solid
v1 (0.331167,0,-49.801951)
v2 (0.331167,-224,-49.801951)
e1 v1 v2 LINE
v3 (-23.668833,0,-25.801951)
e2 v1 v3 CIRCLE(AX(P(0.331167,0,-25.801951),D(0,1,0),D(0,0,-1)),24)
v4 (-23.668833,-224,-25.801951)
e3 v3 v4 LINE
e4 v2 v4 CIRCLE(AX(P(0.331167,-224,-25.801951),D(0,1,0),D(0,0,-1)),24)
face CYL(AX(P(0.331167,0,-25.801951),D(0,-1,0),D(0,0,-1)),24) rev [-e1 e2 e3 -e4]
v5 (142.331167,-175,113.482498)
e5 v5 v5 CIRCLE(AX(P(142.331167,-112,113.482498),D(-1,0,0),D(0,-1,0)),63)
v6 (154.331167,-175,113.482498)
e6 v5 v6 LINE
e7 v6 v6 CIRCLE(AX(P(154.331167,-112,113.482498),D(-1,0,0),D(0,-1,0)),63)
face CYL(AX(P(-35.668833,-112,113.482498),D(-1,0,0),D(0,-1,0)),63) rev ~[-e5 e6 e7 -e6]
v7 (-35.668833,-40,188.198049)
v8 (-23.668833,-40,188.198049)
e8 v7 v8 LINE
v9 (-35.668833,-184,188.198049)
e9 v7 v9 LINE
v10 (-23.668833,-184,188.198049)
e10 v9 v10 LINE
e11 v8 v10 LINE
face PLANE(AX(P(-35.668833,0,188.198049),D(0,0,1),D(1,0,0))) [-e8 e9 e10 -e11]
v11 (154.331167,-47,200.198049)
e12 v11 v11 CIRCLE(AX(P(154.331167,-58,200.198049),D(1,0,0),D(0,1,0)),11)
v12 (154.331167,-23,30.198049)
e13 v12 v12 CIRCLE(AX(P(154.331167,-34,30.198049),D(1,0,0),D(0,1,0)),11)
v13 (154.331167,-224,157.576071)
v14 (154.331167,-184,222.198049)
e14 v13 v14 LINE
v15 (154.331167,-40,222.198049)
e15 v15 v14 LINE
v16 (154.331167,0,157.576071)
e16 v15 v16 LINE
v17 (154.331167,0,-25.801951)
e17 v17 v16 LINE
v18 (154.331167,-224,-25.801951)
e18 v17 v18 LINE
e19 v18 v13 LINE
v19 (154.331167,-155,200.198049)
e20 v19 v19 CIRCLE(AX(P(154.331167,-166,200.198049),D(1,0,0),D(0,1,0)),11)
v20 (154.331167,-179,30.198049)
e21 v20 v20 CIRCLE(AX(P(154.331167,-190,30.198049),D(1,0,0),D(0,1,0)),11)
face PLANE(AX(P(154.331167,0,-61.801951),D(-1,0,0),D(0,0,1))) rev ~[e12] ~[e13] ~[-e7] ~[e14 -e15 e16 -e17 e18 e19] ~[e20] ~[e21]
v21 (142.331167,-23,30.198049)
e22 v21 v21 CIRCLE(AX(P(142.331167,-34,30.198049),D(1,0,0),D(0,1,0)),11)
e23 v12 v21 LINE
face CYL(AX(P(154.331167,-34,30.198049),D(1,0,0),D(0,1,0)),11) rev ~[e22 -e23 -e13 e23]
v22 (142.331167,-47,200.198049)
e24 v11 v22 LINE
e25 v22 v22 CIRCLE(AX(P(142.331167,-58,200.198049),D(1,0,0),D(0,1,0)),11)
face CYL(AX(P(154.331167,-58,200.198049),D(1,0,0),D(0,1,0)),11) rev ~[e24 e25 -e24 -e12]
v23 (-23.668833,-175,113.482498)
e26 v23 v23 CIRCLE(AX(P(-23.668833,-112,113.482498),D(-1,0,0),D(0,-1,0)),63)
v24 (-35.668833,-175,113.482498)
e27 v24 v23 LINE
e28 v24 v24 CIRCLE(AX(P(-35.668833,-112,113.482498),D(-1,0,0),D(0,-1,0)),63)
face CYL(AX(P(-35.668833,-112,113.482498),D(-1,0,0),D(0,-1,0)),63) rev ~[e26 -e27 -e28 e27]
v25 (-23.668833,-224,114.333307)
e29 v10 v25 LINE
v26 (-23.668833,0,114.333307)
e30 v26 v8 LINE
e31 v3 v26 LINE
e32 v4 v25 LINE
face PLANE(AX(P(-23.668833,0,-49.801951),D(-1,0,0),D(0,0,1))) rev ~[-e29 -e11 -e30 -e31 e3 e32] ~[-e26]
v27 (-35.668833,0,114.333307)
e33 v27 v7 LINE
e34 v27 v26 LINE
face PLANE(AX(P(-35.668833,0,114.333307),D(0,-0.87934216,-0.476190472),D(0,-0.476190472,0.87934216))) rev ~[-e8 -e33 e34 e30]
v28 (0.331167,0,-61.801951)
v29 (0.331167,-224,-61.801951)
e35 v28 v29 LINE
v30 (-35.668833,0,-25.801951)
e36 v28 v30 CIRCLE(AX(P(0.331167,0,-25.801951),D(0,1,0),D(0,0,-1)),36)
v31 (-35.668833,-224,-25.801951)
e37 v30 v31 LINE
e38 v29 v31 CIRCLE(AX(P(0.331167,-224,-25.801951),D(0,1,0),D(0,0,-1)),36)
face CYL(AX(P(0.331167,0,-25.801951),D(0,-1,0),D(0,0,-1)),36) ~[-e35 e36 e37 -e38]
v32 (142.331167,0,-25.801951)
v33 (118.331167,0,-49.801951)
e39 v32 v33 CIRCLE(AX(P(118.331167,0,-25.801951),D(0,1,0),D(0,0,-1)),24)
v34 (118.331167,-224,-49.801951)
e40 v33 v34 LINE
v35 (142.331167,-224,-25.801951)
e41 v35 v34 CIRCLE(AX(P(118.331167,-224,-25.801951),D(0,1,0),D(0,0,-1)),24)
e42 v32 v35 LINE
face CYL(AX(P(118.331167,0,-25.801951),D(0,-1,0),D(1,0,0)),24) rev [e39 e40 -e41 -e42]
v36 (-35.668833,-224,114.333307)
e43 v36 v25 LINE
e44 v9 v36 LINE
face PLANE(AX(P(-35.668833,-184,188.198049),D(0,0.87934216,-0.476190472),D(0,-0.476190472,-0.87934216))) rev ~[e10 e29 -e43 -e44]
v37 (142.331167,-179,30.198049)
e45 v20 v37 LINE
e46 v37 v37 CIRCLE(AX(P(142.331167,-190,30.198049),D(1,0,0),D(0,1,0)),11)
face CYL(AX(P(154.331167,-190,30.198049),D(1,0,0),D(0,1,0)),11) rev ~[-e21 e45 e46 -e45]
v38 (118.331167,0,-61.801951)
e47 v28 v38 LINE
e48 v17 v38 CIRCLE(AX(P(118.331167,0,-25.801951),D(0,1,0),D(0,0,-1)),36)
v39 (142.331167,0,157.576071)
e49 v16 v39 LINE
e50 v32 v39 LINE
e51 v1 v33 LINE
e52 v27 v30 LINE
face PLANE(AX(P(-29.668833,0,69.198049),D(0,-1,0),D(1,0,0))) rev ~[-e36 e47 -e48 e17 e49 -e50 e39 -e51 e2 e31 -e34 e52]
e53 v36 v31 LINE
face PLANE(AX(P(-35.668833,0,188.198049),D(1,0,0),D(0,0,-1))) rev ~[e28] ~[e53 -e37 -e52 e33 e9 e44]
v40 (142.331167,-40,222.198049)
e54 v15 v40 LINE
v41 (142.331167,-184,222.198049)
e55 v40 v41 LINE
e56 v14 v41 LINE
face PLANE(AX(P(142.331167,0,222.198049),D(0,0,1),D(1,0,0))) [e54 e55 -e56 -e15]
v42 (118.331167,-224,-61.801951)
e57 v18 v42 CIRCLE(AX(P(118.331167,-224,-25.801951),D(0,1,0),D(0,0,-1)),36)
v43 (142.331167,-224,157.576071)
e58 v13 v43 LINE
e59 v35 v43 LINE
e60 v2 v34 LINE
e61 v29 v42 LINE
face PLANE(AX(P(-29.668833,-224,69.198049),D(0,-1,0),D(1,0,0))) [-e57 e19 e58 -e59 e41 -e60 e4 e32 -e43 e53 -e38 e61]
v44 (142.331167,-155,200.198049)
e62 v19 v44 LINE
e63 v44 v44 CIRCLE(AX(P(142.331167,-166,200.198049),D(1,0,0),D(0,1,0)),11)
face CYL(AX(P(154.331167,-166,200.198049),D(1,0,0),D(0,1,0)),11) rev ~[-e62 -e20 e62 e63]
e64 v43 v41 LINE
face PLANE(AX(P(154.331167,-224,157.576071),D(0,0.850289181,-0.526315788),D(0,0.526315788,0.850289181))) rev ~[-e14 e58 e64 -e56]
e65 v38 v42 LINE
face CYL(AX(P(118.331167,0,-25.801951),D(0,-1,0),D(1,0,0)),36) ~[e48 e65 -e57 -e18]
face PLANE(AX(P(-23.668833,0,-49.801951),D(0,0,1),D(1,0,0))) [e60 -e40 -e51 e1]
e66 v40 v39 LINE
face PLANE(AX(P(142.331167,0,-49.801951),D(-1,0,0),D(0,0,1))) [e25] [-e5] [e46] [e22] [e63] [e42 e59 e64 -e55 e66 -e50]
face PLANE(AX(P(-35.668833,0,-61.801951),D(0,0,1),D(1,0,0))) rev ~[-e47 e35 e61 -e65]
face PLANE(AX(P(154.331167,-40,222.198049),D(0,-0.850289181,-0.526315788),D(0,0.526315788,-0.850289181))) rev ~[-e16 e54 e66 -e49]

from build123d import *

# Parameters (mm, degrees)
F0_W      = 12
F0_H      = 238
F0_H_2    = 12
F0_W_2    = 166
F0_H_3    = 272
F1_DEPTH  = 224
F2_R      = 24
F3_R      = 36
F5_DEPTH  = 12
F7_DEPTH  = 12
F8_R      = 63
F9_DEPTH  = 190
F10_R     = 11
F11_DEPTH = 25


with BuildPart() as f1:
    # F0 (on Front) → F1 (new body)
    with BuildSketch(Plane.XZ):
        with Locations((-29.668833, 69.198049)):
            Rectangle(F0_W, F0_H)
        with Locations((-29.668833, -55.801951)):
            Rectangle(F0_W, F0_H_2)
        with Locations((59.331167, -55.801951)):
            Rectangle(F0_W_2, F0_H_2)
        with Locations((148.331167, 86.198049)):
            Rectangle(F0_W, F0_H_3)
        with Locations((148.331167, -55.801951)):
            Rectangle(F0_W, F0_H_2)
    extrude(amount=F1_DEPTH)

    # F2
    f2_edges = [f1.edges().sort_by_distance(p)[0] for p in [
        (-23.668833, -112, -49.801951),
        (142.331167, -112, -49.801951),
    ]]
    fillet(f2_edges, radius=F2_R)

    # F3
    f3_edges = [f1.edges().sort_by_distance(p)[0] for p in [
        (154.331167, -112, -61.801951),
        (-35.668833, -112, -61.801951),
    ]]
    fillet(f3_edges, radius=F3_R)

    # F4 (on face) → F5 (cut)
    with BuildSketch(Plane(origin=(-35.668833, 0, 0), x_dir=(0, -1, 0), z_dir=(-1, 0, 0))):
        Polygon((0, 114.333307), (40, 188.198049), (0, 188.198049), align=None)
        Polygon((224, 188.198049), (184, 188.198049), (224, 114.333307), align=None)
    extrude(amount=-F5_DEPTH, mode=Mode.SUBTRACT)

    # F6 (on face) → F7 (cut)
    with BuildSketch(Plane.YZ.offset(154.331167)):
        Polygon((-224, 222.198049), (-224, 157.576071), (-184, 222.198049), align=None)
        Polygon((0, 222.198049), (-40, 222.198049), (0, 157.576071), align=None)
    extrude(amount=-F7_DEPTH, mode=Mode.SUBTRACT)

    # F8 (on face) → F9 (cut)
    with BuildSketch(Plane(origin=(-35.668833, 0, 0), x_dir=(0, -1, 0), z_dir=(-1, 0, 0))):
        with Locations((112, 113.482498)):
            Circle(F8_R)
    extrude(amount=-F9_DEPTH, mode=Mode.SUBTRACT)

    # F10 (on face) → F11 (cut)
    with BuildSketch(Plane.YZ.offset(154.331167)):
        with Locations((-166, 200.198049)):
            Circle(F10_R)
        with Locations((-58, 200.198049)):
            Circle(F10_R)
        with Locations((-34, 30.198049)):
            Circle(F10_R)
        with Locations((-190, 30.198049)):
            Circle(F10_R)
    extrude(amount=-F11_DEPTH, mode=Mode.SUBTRACT)


solid = f1.part
